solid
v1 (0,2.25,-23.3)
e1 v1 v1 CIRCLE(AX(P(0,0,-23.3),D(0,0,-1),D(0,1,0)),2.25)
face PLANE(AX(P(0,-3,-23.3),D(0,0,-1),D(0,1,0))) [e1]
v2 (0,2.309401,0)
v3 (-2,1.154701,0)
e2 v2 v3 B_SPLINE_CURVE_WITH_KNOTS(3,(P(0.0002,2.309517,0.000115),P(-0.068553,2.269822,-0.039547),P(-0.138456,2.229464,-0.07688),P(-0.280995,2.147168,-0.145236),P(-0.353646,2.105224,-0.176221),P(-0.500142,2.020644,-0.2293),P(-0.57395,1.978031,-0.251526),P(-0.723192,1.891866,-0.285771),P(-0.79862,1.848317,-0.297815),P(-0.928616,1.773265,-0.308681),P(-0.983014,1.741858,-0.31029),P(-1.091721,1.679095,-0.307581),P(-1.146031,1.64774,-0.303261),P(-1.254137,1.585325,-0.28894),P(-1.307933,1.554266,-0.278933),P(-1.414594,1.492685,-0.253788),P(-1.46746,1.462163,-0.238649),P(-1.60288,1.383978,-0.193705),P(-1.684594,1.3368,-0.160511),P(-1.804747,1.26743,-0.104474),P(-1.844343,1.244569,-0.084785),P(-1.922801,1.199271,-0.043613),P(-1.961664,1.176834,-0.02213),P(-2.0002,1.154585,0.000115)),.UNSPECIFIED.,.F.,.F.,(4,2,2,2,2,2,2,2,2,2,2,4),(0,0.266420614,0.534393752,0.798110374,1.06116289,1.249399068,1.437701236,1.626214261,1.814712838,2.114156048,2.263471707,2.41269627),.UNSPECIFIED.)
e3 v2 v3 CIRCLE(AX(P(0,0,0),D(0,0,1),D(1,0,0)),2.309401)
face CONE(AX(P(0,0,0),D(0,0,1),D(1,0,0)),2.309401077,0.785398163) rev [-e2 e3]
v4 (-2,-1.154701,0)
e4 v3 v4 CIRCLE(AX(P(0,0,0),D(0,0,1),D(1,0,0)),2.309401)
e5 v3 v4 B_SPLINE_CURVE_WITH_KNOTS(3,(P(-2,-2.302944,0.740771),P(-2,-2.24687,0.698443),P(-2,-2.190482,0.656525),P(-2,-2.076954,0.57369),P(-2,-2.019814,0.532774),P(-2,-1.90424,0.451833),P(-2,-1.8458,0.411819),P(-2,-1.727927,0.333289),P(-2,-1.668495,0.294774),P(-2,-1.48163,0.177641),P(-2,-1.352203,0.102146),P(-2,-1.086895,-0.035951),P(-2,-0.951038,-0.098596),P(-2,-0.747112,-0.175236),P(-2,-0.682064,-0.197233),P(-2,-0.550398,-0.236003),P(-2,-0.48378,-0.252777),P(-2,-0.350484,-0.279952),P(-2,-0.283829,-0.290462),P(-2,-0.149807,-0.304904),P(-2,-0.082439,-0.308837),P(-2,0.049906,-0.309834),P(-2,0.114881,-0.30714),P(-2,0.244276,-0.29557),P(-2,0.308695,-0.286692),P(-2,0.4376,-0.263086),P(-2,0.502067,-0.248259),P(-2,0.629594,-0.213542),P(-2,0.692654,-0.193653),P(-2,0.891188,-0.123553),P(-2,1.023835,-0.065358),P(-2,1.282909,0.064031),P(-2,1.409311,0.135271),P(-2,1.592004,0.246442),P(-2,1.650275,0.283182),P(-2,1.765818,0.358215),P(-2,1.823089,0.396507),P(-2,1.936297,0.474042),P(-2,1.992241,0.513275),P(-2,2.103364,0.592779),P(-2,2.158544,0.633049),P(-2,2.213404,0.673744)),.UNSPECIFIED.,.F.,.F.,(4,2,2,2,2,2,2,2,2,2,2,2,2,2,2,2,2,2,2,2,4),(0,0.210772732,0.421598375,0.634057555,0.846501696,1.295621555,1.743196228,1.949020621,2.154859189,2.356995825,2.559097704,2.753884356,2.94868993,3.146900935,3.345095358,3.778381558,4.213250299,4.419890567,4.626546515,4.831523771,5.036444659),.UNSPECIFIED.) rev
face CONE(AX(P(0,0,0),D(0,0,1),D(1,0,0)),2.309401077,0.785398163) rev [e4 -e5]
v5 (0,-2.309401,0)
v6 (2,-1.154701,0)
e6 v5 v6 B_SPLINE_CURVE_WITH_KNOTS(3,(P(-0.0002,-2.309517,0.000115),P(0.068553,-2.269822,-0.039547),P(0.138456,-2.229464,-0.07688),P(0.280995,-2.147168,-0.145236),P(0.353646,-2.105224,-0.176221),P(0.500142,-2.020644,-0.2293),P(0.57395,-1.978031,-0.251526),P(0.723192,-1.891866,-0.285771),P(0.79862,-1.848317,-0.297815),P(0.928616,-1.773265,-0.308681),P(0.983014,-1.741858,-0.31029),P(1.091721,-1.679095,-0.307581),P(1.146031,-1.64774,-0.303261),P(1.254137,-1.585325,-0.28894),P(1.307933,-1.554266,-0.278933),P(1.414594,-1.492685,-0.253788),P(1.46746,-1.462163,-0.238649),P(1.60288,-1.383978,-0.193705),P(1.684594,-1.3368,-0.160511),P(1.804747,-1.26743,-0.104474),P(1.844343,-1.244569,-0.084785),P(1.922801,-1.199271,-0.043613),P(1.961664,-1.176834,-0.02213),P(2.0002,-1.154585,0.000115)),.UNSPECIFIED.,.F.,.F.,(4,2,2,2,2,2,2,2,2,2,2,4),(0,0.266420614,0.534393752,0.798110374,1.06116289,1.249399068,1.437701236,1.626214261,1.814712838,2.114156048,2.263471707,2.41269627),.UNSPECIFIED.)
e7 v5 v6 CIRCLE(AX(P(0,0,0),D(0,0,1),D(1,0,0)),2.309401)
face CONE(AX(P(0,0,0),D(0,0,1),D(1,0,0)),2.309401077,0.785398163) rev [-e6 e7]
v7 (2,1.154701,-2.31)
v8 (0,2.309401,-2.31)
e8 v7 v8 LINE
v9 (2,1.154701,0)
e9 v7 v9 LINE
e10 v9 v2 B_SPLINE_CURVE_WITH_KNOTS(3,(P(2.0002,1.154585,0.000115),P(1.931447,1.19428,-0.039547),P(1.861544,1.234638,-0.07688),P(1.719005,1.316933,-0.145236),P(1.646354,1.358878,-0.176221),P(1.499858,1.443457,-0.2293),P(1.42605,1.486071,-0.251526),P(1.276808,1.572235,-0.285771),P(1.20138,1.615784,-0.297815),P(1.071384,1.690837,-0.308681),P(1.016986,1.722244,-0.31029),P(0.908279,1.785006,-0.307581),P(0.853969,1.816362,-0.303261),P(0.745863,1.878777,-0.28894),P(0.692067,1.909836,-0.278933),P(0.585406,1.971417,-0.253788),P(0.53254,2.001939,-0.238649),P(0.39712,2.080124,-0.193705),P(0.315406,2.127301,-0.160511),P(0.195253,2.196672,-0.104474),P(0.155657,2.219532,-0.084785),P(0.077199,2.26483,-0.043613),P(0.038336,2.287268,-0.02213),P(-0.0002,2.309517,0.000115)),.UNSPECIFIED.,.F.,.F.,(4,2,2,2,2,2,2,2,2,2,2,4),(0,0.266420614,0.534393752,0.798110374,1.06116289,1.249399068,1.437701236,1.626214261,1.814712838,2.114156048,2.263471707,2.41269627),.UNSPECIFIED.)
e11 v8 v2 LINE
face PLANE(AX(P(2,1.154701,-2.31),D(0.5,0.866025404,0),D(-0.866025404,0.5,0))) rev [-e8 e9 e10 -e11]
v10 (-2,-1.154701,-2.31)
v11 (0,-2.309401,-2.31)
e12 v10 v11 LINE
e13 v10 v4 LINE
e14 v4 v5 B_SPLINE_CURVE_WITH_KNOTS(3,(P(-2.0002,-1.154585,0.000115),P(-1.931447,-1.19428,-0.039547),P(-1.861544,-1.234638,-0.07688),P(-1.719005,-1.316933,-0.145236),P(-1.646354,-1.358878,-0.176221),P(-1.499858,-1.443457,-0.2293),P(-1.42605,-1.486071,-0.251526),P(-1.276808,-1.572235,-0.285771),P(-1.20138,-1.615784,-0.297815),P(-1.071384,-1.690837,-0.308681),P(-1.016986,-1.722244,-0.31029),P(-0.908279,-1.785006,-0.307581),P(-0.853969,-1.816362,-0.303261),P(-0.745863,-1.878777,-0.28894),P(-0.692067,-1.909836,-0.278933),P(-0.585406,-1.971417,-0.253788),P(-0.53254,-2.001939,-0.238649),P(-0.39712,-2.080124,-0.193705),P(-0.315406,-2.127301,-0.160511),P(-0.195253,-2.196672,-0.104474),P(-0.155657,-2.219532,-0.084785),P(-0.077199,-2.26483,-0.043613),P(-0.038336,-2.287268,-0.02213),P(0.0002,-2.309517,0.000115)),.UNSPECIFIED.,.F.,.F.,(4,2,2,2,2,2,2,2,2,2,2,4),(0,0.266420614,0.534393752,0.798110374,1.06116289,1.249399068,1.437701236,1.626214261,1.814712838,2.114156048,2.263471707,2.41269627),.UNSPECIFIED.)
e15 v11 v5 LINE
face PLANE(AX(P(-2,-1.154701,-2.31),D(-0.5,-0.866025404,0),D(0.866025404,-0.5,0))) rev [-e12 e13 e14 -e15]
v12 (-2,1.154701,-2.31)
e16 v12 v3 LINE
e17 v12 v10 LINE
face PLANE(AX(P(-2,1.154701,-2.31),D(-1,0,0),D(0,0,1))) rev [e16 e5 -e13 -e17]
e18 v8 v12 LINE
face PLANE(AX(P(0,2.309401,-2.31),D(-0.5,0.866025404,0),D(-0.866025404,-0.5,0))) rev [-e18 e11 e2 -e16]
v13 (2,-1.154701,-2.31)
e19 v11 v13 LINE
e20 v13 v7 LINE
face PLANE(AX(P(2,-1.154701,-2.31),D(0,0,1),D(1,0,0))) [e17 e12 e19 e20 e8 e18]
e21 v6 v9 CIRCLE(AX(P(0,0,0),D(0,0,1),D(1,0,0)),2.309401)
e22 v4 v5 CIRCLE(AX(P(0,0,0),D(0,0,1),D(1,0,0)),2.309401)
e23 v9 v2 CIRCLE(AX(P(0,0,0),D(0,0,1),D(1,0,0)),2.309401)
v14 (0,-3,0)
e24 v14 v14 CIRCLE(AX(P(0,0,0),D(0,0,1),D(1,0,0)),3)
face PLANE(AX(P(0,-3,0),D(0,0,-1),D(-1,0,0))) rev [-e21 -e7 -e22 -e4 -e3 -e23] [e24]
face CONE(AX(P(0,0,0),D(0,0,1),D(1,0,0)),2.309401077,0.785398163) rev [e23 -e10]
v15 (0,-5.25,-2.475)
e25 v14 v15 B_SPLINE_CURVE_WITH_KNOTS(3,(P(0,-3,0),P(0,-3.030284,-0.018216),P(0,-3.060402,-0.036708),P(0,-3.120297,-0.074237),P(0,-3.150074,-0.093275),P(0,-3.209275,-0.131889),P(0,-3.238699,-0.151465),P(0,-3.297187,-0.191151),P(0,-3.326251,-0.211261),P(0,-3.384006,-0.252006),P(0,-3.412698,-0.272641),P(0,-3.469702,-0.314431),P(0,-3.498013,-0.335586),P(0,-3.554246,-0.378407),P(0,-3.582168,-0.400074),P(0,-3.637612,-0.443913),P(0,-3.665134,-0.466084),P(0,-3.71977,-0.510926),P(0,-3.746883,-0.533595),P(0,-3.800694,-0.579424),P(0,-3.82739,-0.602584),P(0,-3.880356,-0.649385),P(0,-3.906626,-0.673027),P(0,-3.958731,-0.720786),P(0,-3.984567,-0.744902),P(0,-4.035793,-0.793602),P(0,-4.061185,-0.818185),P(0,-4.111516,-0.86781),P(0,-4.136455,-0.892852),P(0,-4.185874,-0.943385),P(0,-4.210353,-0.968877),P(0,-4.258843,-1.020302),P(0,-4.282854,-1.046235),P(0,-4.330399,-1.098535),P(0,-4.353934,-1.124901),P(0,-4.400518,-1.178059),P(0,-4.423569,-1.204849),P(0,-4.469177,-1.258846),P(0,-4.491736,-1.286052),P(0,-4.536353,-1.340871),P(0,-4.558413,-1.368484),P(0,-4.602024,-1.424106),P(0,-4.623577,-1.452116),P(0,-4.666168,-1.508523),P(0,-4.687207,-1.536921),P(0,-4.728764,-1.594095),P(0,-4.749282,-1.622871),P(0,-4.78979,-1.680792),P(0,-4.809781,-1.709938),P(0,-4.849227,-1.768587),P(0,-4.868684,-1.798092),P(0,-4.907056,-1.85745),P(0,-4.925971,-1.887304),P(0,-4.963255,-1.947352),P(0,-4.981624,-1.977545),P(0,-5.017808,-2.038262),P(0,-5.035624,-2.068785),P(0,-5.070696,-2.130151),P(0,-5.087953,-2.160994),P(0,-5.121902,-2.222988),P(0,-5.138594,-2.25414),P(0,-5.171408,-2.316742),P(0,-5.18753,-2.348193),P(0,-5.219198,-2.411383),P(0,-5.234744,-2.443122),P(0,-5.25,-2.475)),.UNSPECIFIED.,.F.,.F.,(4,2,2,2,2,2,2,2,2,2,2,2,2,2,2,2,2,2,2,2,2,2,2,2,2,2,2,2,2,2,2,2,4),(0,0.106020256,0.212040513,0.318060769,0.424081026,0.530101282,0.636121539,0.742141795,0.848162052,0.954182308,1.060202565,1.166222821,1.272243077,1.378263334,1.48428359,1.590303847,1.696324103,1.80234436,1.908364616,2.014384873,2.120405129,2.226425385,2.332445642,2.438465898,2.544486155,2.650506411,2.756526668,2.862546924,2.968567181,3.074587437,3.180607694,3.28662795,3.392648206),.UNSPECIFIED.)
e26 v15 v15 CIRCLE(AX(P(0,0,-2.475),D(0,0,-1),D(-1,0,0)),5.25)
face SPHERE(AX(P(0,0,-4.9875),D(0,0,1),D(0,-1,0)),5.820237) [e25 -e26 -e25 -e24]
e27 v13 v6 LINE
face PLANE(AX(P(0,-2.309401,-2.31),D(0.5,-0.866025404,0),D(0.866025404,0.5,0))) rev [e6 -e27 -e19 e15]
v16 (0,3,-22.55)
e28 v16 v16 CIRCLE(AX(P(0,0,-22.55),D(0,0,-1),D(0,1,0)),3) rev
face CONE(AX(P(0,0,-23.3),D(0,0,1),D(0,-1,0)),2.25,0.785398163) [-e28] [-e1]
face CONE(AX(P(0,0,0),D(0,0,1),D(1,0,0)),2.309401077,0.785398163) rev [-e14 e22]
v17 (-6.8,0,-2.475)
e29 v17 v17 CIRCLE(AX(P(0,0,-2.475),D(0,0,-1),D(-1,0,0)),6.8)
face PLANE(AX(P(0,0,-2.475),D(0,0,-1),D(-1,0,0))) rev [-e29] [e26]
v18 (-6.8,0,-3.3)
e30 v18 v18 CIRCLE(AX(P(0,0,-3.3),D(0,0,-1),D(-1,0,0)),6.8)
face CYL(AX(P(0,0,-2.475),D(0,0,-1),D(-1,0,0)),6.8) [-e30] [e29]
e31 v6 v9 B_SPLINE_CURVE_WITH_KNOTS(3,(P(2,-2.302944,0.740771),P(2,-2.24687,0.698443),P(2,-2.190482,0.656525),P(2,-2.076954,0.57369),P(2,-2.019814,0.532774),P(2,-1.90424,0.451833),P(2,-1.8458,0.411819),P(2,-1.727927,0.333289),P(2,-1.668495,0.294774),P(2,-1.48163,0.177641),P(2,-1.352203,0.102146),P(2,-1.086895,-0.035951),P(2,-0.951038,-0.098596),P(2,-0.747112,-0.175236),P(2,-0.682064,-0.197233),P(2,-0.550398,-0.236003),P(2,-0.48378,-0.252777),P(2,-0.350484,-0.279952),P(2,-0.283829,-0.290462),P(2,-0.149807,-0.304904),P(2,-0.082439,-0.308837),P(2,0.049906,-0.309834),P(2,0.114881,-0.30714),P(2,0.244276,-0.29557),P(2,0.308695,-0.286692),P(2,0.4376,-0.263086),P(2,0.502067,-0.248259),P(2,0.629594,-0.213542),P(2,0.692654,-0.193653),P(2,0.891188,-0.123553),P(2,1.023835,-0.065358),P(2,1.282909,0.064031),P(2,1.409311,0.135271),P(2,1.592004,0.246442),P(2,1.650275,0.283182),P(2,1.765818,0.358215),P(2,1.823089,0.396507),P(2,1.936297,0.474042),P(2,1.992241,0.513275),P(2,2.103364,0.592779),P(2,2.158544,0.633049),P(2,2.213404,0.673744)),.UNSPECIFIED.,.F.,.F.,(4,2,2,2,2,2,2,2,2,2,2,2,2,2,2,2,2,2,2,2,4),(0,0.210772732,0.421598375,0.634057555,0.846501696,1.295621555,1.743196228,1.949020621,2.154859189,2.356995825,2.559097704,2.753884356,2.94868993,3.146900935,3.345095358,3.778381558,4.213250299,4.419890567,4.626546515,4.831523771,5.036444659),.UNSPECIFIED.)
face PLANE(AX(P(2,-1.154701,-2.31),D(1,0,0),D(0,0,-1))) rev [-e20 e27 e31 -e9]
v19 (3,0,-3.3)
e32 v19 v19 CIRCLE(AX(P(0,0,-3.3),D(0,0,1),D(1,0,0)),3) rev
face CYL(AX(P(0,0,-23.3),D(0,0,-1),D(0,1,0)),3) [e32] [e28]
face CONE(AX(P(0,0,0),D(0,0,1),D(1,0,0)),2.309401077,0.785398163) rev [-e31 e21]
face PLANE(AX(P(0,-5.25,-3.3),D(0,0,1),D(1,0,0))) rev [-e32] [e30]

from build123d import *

# Parameters (mm, degrees)
SKETCH1_W           = 20
SKETCH1_H           = 3
CHAMFER1_SIZE       = 0.75
SKETCH11_R          = 6.8
BOSS_EXTRUDE3_DEPTH = 0.825
CUT_EXTRUDE2_DEPTH  = 2.31


with BuildPart() as part:
    # Sketch1 → Revolve1 (revolve)
    with BuildSketch(Plane(origin=(0, 0, 0), x_dir=(0, 0, -1), z_dir=(1, 0, 0))):
        with Locations((13.3, 1.5)):
            Rectangle(SKETCH1_W, SKETCH1_H)
    revolve(axis=Axis((0, 0, -23.3), (0, 0, 1)))

    # Chamfer1
    chamfer1_edges = [part.edges().sort_by_distance(p)[0] for p in [
        (0, -3, -23.3),
    ]]
    chamfer(chamfer1_edges, length=CHAMFER1_SIZE)

    # Sketch7 → Revolve2 (revolve)
    with BuildSketch(Plane(origin=(0, 0, 0), x_dir=(0, 0, -1), z_dir=(1, 0, 0)), mode=Mode.PRIVATE) as revolve2_sk:
        with BuildLine():
            Line((2.475, 5.25), (3.3, 5.25))
            Line((3.3, 5.25), (3.3, 0))
            Line((3.3, 0), (0, 0))
            Line((0, 0), (0, 3))
            ThreePointArc((0, 3), (1.072385059, 4.306626435), (2.475, 5.25))
        make_face()
    revolve(revolve2_sk.sketch.rotate(Axis((0, 0, 0), (0, 0, -1)), 180), axis=Axis((0, 0, 0), (0, 0, -1)))

    # Sketch11 → Boss-Extrude3 (add)
    with BuildSketch(Plane(origin=(0, 0, -3.3), x_dir=(-1, 0, 0), z_dir=(0, 0, -1))):
        Circle(SKETCH11_R)
    extrude(amount=-BOSS_EXTRUDE3_DEPTH)

    # Sketch5 → Cut-Extrude2 (cut)
    with BuildSketch(Plane.XY):
        Polygon((2, -1.154700538), (2, 1.154700538), (0, 2.309401077), (-2, 1.154700538), (-2, -1.154700538), (0, -2.309401077), align=None)
    extrude(amount=-CUT_EXTRUDE2_DEPTH, mode=Mode.SUBTRACT)

    # Cut-Extrude3 cone 1 section (through the dimple's axis) → Cut-Extrude3 (revolve, cut)
    with BuildSketch(Plane(origin=(0, 0, 0), x_dir=(0, -1, 0), z_dir=(1, 0, 0))):
        Polygon((0, 0), (2.309401077, 0), (0, 2.309401077), align=None)
    revolve(axis=Axis((0, 0, 0), (0, 0, -1)), mode=Mode.SUBTRACT)


solid = part.part
